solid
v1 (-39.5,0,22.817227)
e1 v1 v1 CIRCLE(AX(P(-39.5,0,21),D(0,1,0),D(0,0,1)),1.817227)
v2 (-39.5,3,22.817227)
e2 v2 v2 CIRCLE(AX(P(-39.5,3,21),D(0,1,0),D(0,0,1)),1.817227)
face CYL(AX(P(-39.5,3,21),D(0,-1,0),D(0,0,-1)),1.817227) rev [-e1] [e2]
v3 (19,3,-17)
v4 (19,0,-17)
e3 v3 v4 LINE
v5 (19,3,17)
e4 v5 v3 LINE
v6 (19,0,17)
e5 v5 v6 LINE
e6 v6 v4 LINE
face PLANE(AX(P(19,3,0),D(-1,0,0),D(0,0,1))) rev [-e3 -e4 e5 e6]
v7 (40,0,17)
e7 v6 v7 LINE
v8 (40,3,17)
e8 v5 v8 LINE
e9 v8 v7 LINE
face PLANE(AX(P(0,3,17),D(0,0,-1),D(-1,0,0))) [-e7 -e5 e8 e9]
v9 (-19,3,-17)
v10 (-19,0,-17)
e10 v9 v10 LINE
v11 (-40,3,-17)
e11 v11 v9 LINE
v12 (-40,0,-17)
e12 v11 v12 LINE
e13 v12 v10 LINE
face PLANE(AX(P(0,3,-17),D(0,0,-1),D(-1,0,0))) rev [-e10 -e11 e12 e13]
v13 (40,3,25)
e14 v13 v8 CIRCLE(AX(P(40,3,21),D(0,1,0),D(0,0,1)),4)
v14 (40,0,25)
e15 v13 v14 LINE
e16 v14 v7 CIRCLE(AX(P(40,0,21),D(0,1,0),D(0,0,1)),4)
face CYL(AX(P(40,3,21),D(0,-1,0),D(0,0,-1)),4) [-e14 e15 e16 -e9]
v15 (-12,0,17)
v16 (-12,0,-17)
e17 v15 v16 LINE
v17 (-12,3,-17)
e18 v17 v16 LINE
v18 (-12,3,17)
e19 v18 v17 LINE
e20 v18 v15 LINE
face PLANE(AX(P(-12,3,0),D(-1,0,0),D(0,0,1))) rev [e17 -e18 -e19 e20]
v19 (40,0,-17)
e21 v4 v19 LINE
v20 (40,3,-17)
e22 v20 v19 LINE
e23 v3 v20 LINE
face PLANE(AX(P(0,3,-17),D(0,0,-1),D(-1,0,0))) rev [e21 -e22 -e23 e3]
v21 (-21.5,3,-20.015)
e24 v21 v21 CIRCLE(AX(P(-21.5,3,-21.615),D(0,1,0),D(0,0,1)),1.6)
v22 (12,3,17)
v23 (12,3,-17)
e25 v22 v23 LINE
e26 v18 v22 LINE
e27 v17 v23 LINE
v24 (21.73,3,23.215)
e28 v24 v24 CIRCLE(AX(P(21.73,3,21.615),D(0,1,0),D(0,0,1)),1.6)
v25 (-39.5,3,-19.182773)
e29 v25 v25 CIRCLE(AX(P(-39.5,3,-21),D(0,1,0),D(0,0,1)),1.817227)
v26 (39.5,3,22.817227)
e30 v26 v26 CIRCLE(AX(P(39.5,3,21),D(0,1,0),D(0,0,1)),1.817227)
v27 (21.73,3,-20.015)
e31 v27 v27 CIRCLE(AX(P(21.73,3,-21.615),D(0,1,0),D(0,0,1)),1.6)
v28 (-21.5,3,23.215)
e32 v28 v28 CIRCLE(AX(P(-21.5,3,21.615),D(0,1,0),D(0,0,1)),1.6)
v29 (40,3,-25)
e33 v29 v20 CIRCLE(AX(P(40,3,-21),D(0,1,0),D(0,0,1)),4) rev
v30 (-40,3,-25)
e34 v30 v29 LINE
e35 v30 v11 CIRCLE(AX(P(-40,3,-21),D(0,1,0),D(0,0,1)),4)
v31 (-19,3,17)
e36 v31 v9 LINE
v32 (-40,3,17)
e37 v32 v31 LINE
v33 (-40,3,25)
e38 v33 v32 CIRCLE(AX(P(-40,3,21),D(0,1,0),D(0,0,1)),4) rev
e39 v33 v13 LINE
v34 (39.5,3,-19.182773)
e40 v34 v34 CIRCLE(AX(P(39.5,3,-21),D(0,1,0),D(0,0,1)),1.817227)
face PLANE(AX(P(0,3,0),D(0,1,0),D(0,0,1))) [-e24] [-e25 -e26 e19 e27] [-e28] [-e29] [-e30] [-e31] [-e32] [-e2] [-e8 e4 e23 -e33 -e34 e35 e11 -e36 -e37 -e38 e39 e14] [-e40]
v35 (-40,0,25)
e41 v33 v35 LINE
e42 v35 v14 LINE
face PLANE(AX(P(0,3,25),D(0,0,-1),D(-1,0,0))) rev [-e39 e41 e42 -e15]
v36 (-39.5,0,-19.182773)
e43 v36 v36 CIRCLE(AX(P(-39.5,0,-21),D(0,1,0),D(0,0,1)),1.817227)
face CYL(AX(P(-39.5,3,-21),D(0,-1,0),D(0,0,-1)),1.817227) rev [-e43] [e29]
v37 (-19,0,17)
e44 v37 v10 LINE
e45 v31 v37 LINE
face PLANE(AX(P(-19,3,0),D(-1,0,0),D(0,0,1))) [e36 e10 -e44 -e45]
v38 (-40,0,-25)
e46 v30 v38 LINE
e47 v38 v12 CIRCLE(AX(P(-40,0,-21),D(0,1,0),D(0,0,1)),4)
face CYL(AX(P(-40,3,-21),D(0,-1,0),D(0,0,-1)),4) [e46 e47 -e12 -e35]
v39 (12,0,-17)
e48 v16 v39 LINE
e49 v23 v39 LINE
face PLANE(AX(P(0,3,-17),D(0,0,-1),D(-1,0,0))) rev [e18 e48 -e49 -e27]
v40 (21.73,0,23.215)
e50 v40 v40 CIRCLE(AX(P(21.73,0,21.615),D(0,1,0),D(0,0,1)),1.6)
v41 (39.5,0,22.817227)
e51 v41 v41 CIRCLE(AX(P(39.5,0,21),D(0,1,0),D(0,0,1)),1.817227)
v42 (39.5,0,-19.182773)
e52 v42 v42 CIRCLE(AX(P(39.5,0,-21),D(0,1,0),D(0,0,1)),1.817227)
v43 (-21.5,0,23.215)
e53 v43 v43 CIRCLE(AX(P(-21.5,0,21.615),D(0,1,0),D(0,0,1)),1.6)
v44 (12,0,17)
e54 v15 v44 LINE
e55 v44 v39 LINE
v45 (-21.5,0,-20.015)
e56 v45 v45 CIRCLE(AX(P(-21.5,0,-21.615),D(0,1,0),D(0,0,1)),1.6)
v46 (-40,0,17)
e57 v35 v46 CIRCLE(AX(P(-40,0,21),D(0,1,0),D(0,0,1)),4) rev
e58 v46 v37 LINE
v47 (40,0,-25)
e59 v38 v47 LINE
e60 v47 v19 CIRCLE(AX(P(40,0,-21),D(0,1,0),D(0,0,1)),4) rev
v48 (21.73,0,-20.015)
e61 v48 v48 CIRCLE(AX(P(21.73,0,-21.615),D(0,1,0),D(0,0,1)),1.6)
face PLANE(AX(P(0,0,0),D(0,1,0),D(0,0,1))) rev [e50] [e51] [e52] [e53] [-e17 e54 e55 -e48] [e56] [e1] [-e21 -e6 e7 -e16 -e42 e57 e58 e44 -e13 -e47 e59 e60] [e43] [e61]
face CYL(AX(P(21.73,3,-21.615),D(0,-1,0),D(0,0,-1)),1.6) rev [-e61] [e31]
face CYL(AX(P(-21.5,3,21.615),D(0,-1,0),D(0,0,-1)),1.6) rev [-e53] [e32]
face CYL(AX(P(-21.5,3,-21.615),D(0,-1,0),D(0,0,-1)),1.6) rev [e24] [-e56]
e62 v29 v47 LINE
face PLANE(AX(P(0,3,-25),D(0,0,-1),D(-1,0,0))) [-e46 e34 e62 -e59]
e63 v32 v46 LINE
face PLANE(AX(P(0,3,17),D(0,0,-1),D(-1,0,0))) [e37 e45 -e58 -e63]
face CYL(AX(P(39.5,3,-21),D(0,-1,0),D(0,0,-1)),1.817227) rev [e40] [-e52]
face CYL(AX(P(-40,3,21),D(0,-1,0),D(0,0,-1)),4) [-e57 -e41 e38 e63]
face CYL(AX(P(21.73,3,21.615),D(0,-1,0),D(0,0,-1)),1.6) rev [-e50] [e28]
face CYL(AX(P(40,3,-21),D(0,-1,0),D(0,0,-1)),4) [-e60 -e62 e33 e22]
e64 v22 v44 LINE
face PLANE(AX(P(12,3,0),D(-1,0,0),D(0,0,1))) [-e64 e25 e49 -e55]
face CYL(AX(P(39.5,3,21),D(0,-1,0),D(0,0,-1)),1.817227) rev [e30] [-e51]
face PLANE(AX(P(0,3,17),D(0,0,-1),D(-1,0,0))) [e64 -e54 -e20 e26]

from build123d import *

# Parameters (mm, degrees)
SKETCH_1_R      = 1.6
SKETCH_1_R_2    = 1.817226884
SKETCH_1_W      = 24
SKETCH_1_H      = 34
EXTRUDE_1_DEPTH = 3


with BuildPart() as part:
    # 草图1 → 凸台-拉伸1 (new body)
    # profile 1 of 3: a face of its own
    with BuildSketch(Plane(origin=(0, 0, 0), x_dir=(1, 0, 0), z_dir=(0, 1, 0))):
        with BuildLine():
            Line((19, -17), (19, 17))
            Line((19, 17), (40, 17))
            ThreePointArc((40, 17), (42.828427126, 18.171572876), (44, 21.000000002))
            ThreePointArc((44, 21.000000002), (42.828427124, 23.828427126), (40, 25))
            Line((40, 25), (19, 25))
            Line((19, 25), (-19, 25))
            Line((-19, 25), (-19, 17))
            Line((-19, 17), (-19, -17))
            Line((-19, -17), (-19, -25))
            Line((-19, -25), (19, -25))
            Line((19, -25), (40, -25))
            ThreePointArc((40, -25), (42.828427125, -23.828427125), (44, -21))
            ThreePointArc((44, -21), (42.828427125, -18.171572875), (40, -17))
            Line((40, -17), (19, -17))
        make_face()
        with Locations(Location((21.73, -21.615, 0), (0, 0, 270))):
            Circle(SKETCH_1_R, mode=Mode.SUBTRACT)
        with Locations(Location((39.5, -21, 0), (0, 0, 270))):
            Circle(SKETCH_1_R_2, mode=Mode.SUBTRACT)
        Rectangle(SKETCH_1_W, SKETCH_1_H, mode=Mode.SUBTRACT)
        with Locations(Location((21.73, 21.615, 0), (0, 0, 270))):
            Circle(SKETCH_1_R, mode=Mode.SUBTRACT)
        with Locations(Location((39.5, 21, 0), (0, 0, 270))):
            Circle(SKETCH_1_R_2, mode=Mode.SUBTRACT)
    # profile 2 of 3: a face of its own
    with BuildSketch(Plane(origin=(0, 0, 0), x_dir=(1, 0, 0), z_dir=(0, 1, 0))):
        with BuildLine():
            Line((-19, 17), (-19, 25))
            Line((-19, 25), (-40, 25))
            ThreePointArc((-40, 25), (-44, 21), (-40, 17))
            Line((-40, 17), (-19, 17))
        make_face()
        with Locations(Location((-39.5, 21, 0), (0, 0, 270))):
            Circle(SKETCH_1_R_2, mode=Mode.SUBTRACT)
        with Locations(Location((-21.5, 21.615, 0), (0, 0, 270))):
            Circle(SKETCH_1_R, mode=Mode.SUBTRACT)
    # profile 3 of 3: a face of its own
    with BuildSketch(Plane(origin=(0, 0, 0), x_dir=(1, 0, 0), z_dir=(0, 1, 0))):
        with BuildLine():
            Line((-40, -25), (-19, -25))
            Line((-19, -25), (-19, -17))
            Line((-19, -17), (-40, -17))
            ThreePointArc((-40, -17), (-44, -21), (-40, -25))
        make_face()
        with Locations(Location((-39.5, -21, 0), (0, 0, 270))):
            Circle(SKETCH_1_R_2, mode=Mode.SUBTRACT)
        with Locations(Location((-21.5, -21.615, 0), (0, 0, 270))):
            Circle(SKETCH_1_R, mode=Mode.SUBTRACT)
    extrude(amount=EXTRUDE_1_DEPTH)


solid = part.part
